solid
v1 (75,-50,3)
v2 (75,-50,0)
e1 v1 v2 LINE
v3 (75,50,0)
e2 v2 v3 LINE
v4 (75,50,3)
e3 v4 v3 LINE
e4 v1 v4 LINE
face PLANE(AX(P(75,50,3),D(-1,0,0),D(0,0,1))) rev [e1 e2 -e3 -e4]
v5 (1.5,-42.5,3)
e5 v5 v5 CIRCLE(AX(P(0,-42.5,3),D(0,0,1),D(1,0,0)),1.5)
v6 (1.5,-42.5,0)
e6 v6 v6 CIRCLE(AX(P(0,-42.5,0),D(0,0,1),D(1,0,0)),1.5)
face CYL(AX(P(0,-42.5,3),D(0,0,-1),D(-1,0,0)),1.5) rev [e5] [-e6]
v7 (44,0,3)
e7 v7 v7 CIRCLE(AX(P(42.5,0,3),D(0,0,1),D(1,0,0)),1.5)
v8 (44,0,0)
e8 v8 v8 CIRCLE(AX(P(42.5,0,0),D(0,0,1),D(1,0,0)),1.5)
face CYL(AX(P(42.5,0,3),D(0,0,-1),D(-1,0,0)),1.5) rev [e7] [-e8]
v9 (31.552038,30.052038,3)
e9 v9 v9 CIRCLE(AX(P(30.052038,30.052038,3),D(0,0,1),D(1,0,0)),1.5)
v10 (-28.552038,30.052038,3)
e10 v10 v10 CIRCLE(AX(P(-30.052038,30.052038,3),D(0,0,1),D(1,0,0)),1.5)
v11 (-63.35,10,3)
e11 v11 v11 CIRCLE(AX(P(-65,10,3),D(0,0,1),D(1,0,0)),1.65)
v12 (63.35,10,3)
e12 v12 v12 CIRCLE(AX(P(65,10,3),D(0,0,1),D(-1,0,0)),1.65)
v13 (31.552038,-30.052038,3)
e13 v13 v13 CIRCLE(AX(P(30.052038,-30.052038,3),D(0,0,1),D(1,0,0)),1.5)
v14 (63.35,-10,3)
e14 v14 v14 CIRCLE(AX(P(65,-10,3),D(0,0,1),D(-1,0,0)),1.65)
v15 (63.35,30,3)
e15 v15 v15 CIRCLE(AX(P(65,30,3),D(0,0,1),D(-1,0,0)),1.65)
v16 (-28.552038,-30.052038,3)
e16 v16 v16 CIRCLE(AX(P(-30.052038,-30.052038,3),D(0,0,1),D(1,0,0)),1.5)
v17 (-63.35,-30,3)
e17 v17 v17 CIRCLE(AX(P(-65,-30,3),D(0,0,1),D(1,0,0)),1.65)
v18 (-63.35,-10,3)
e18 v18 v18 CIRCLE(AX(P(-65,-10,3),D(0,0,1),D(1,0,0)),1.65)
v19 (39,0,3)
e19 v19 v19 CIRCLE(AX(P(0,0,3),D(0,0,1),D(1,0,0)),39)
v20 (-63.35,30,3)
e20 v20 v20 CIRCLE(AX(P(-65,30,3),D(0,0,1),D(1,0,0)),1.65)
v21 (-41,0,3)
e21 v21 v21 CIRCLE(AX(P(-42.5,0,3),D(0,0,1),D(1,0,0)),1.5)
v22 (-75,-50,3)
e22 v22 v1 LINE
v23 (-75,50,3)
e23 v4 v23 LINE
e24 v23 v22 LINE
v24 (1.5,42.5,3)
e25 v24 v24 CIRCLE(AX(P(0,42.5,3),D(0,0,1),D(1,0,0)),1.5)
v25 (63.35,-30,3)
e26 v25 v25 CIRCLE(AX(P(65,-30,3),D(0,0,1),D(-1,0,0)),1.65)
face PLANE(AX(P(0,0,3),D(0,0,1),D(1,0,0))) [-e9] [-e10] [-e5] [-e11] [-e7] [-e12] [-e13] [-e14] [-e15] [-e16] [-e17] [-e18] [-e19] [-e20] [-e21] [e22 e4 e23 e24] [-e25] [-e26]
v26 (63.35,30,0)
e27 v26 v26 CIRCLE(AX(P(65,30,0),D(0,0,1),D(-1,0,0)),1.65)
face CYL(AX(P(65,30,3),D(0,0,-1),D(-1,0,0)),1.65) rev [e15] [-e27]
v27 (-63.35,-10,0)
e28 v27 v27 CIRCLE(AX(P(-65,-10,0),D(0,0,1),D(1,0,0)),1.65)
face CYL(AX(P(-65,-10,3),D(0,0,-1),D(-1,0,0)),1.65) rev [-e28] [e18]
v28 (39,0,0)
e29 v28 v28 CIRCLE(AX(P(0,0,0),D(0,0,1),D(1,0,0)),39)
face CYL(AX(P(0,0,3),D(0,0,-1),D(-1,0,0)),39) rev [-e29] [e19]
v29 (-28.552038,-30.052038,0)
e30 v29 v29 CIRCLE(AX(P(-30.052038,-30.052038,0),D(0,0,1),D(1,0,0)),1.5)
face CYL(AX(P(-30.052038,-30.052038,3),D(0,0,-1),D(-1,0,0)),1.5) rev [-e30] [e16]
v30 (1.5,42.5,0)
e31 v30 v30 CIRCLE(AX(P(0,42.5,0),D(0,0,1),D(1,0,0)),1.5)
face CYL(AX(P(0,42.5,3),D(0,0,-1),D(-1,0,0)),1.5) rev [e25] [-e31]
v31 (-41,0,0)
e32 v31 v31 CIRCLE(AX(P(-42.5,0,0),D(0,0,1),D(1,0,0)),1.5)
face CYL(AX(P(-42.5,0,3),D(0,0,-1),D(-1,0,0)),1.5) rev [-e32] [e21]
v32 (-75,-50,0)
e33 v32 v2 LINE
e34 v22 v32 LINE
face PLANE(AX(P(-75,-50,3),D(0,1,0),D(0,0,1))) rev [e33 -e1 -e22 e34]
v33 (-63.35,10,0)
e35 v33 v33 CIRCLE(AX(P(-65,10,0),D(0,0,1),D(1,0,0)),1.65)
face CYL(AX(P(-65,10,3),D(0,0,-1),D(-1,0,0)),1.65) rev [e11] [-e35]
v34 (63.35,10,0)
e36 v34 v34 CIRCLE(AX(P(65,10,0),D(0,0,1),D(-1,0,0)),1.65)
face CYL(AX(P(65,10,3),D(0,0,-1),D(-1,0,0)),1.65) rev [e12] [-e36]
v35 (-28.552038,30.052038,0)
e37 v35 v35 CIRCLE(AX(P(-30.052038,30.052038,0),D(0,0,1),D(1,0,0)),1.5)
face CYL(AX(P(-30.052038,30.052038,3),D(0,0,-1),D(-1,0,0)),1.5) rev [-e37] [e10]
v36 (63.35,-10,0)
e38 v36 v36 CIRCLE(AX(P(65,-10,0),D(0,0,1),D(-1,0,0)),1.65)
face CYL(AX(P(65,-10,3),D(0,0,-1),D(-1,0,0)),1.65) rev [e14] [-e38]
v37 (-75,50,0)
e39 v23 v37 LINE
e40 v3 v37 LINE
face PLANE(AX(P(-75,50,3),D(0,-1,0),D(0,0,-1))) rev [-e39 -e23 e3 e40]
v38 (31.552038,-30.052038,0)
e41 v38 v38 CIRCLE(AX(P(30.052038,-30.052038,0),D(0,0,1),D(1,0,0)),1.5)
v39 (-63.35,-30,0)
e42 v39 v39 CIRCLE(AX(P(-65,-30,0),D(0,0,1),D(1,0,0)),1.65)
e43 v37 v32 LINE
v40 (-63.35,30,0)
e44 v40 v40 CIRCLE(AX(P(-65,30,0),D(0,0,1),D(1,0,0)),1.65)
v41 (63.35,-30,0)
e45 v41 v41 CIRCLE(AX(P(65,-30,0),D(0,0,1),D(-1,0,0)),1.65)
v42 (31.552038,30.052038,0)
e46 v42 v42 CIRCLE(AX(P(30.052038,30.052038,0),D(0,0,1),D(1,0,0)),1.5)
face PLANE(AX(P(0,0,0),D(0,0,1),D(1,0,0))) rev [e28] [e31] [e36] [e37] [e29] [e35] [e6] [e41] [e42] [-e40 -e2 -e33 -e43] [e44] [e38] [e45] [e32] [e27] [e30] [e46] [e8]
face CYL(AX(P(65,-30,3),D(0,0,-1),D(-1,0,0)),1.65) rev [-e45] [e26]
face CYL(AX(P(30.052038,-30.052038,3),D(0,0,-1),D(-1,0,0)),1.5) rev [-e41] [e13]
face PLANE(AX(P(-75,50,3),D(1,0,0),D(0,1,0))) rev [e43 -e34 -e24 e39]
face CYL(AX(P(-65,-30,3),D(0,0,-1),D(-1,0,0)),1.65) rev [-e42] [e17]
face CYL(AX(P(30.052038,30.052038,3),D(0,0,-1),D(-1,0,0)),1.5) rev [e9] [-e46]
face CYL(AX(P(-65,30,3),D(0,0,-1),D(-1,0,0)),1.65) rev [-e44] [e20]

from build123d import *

# Parameters (mm, degrees)
SKETCH_1_W      = 150
SKETCH_1_H      = 100
SKETCH_1_R      = 39
SKETCH_1_R_2    = 1.5
SKETCH_1_R_3    = 1.65
EXTRUDE_1_DEPTH = 3


with BuildPart() as part:
    # 草图1 → 凸台-拉伸1 (new body)
    with BuildSketch(Plane.XY):
        Rectangle(SKETCH_1_W, SKETCH_1_H)
        Circle(SKETCH_1_R, mode=Mode.SUBTRACT)
        with Locations((42.5, 0)):
            Circle(SKETCH_1_R_2, mode=Mode.SUBTRACT)
        with Locations((30.0520382, -30.0520382)):
            Circle(SKETCH_1_R_2, mode=Mode.SUBTRACT)
        with Locations((0, -42.5)):
            Circle(SKETCH_1_R_2, mode=Mode.SUBTRACT)
        with Locations((-30.0520382, -30.0520382)):
            Circle(SKETCH_1_R_2, mode=Mode.SUBTRACT)
        with Locations((-42.5, 0)):
            Circle(SKETCH_1_R_2, mode=Mode.SUBTRACT)
        with Locations((-30.0520382, 30.0520382)):
            Circle(SKETCH_1_R_2, mode=Mode.SUBTRACT)
        with Locations((0, 42.5)):
            Circle(SKETCH_1_R_2, mode=Mode.SUBTRACT)
        with Locations((30.0520382, 30.0520382)):
            Circle(SKETCH_1_R_2, mode=Mode.SUBTRACT)
        with Locations((-65, 30)):
            Circle(SKETCH_1_R_3, mode=Mode.SUBTRACT)
        with Locations((-65, 10)):
            Circle(SKETCH_1_R_3, mode=Mode.SUBTRACT)
        with Locations((-65, -10)):
            Circle(SKETCH_1_R_3, mode=Mode.SUBTRACT)
        with Locations((-65, -30)):
            Circle(SKETCH_1_R_3, mode=Mode.SUBTRACT)
        with Locations(Location((65, -30, 0), (0, 0, 180))):
            Circle(SKETCH_1_R_3, mode=Mode.SUBTRACT)
        with Locations(Location((65, -10, 0), (0, 0, 180))):
            Circle(SKETCH_1_R_3, mode=Mode.SUBTRACT)
        with Locations(Location((65, 10, 0), (0, 0, 180))):
            Circle(SKETCH_1_R_3, mode=Mode.SUBTRACT)
        with Locations(Location((65, 30, 0), (0, 0, 180))):
            Circle(SKETCH_1_R_3, mode=Mode.SUBTRACT)
    extrude(amount=EXTRUDE_1_DEPTH)


solid = part.part
